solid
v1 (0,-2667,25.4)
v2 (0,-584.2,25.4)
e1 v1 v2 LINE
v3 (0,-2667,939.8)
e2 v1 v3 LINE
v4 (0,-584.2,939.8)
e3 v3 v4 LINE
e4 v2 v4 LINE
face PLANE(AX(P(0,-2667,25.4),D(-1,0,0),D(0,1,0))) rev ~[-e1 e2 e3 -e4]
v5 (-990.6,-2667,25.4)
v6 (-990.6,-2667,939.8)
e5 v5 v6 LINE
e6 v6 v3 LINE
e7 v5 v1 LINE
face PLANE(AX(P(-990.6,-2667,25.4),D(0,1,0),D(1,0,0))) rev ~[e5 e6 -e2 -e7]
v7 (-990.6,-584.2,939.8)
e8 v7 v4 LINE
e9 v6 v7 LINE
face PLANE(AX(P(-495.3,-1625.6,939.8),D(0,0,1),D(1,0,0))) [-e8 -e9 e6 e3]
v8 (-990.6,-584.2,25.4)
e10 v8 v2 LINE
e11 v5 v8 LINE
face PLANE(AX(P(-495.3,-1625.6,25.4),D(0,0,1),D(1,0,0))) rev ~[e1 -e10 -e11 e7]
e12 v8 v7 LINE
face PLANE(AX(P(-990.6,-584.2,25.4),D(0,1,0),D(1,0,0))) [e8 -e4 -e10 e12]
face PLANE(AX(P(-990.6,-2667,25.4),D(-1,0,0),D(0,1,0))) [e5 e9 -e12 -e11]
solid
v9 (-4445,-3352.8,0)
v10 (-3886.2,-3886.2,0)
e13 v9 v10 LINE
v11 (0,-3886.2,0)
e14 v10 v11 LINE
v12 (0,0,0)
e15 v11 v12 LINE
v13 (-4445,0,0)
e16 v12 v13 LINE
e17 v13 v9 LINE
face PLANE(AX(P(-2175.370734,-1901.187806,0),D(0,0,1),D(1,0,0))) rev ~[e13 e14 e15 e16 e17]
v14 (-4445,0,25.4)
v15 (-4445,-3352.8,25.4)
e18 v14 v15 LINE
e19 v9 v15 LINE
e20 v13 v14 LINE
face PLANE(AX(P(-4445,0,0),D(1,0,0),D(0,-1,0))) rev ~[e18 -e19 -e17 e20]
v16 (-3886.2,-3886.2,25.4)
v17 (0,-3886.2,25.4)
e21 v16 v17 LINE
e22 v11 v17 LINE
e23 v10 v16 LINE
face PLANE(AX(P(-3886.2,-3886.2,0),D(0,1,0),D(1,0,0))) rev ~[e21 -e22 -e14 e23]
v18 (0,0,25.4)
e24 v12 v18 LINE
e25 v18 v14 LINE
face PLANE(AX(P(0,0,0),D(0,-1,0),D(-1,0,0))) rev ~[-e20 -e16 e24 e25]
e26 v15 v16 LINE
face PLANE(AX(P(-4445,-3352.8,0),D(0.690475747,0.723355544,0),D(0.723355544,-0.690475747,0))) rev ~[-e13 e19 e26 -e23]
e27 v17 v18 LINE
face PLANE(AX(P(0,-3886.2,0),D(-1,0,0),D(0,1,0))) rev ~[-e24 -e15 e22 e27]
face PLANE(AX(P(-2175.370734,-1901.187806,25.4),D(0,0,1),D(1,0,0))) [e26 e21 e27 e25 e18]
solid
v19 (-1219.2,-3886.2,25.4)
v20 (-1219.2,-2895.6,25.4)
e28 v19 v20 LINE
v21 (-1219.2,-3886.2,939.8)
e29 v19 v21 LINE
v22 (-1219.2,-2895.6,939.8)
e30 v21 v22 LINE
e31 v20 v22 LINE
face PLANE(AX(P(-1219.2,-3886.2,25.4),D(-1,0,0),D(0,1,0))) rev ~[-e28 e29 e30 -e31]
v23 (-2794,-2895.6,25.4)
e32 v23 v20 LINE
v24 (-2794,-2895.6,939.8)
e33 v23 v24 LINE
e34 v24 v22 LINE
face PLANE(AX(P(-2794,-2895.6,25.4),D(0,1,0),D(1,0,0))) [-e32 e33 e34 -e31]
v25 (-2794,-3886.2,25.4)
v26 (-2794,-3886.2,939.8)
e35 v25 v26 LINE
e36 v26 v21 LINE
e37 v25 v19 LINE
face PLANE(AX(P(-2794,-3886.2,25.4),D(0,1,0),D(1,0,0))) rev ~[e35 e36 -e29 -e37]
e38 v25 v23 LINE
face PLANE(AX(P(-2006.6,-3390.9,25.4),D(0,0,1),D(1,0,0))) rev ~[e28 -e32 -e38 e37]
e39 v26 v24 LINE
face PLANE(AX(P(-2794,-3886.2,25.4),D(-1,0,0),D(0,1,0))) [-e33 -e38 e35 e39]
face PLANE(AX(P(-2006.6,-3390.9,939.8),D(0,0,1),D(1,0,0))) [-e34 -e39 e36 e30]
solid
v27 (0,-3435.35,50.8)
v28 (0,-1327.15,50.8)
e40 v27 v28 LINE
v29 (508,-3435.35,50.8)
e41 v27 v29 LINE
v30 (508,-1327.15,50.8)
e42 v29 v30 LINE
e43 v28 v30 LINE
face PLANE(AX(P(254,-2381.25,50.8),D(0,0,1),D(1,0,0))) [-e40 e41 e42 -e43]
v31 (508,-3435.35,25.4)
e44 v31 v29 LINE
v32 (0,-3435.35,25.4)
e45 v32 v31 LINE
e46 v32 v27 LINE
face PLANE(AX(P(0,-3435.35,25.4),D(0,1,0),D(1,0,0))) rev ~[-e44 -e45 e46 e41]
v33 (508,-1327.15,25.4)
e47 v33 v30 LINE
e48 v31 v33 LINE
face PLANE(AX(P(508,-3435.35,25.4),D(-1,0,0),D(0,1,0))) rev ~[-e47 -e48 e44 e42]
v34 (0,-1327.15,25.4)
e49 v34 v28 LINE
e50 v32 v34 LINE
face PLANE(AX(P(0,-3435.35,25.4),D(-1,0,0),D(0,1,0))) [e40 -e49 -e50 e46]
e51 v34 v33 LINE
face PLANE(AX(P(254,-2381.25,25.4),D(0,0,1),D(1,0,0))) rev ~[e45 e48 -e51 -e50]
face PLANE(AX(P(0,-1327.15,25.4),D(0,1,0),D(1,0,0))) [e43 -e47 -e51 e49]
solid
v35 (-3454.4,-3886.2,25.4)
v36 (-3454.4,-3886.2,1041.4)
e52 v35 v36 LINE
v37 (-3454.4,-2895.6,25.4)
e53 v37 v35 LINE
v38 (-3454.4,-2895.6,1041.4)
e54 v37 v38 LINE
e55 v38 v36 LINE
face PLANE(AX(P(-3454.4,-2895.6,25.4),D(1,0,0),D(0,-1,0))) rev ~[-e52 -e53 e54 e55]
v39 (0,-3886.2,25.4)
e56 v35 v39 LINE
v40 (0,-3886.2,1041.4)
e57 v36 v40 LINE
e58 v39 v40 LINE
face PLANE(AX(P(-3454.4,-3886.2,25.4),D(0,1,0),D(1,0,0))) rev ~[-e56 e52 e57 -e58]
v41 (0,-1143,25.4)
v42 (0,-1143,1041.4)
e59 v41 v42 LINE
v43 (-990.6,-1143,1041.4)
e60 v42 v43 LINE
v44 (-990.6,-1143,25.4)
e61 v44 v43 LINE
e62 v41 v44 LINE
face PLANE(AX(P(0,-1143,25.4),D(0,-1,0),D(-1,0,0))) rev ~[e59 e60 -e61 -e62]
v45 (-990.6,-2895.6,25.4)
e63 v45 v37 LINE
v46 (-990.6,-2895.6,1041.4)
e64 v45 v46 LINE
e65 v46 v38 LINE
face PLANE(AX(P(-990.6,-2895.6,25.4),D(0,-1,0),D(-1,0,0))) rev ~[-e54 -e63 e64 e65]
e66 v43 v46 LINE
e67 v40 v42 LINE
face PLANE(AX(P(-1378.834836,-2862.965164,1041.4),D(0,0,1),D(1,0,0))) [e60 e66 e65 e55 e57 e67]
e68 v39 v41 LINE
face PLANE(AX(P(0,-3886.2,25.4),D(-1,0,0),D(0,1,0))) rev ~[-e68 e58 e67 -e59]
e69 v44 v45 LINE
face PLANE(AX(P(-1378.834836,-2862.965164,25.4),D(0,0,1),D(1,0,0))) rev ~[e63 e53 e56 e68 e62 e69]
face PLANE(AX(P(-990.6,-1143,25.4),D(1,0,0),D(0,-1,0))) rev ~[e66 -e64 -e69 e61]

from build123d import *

# Parameters (mm, degrees)
F1_DEPTH = 25.4
F2_W     = 508
F2_H     = 2108.2
F3_DEPTH = 25.4
F4_W     = 1574.8
F4_H     = 990.6
F4_W_2   = 990.6
F4_H_2   = 2082.8
F5_DEPTH = 914.4
F7_DEPTH = 1016


with BuildPart() as f1:
    # F0 (on Top) → F1 (new body)
    with BuildSketch(Plane.XY):
        Polygon((0, -3886.2), (0, 0), (-4445, 0), (-4445, -3352.8), (-3886.2, -3886.2), align=None)
    extrude(amount=F1_DEPTH)


with BuildPart() as f3:
    # F2 (on face) → F3 (new body)
    with BuildSketch(Plane.XY.offset(25.4)):
        with Locations((254, -2381.25)):
            Rectangle(F2_W, F2_H)
    extrude(amount=F3_DEPTH)


with BuildPart() as f5:
    # F4 (on face) → F5 (new body)
    with BuildSketch(Plane.XY.offset(25.4)):
        with Locations((-2006.6, -3390.9)):
            Rectangle(F4_W, F4_H)
        with Locations((-495.3, -1625.6)):
            Rectangle(F4_W_2, F4_H_2)
    extrude(amount=F5_DEPTH)


with BuildPart() as f7:
    # F6 (on face) → F7 (new body)
    with BuildSketch(Plane.XY.offset(25.4)):
        Polygon((-3454.4, -2895.6), (-3454.4, -3886.2), (0, -3886.2), (0, -1143), (-990.6, -1143), (-990.6, -2895.6), align=None)
    extrude(amount=F7_DEPTH)


solid = Compound([f1.part, f3.part, f5.part, f7.part])
